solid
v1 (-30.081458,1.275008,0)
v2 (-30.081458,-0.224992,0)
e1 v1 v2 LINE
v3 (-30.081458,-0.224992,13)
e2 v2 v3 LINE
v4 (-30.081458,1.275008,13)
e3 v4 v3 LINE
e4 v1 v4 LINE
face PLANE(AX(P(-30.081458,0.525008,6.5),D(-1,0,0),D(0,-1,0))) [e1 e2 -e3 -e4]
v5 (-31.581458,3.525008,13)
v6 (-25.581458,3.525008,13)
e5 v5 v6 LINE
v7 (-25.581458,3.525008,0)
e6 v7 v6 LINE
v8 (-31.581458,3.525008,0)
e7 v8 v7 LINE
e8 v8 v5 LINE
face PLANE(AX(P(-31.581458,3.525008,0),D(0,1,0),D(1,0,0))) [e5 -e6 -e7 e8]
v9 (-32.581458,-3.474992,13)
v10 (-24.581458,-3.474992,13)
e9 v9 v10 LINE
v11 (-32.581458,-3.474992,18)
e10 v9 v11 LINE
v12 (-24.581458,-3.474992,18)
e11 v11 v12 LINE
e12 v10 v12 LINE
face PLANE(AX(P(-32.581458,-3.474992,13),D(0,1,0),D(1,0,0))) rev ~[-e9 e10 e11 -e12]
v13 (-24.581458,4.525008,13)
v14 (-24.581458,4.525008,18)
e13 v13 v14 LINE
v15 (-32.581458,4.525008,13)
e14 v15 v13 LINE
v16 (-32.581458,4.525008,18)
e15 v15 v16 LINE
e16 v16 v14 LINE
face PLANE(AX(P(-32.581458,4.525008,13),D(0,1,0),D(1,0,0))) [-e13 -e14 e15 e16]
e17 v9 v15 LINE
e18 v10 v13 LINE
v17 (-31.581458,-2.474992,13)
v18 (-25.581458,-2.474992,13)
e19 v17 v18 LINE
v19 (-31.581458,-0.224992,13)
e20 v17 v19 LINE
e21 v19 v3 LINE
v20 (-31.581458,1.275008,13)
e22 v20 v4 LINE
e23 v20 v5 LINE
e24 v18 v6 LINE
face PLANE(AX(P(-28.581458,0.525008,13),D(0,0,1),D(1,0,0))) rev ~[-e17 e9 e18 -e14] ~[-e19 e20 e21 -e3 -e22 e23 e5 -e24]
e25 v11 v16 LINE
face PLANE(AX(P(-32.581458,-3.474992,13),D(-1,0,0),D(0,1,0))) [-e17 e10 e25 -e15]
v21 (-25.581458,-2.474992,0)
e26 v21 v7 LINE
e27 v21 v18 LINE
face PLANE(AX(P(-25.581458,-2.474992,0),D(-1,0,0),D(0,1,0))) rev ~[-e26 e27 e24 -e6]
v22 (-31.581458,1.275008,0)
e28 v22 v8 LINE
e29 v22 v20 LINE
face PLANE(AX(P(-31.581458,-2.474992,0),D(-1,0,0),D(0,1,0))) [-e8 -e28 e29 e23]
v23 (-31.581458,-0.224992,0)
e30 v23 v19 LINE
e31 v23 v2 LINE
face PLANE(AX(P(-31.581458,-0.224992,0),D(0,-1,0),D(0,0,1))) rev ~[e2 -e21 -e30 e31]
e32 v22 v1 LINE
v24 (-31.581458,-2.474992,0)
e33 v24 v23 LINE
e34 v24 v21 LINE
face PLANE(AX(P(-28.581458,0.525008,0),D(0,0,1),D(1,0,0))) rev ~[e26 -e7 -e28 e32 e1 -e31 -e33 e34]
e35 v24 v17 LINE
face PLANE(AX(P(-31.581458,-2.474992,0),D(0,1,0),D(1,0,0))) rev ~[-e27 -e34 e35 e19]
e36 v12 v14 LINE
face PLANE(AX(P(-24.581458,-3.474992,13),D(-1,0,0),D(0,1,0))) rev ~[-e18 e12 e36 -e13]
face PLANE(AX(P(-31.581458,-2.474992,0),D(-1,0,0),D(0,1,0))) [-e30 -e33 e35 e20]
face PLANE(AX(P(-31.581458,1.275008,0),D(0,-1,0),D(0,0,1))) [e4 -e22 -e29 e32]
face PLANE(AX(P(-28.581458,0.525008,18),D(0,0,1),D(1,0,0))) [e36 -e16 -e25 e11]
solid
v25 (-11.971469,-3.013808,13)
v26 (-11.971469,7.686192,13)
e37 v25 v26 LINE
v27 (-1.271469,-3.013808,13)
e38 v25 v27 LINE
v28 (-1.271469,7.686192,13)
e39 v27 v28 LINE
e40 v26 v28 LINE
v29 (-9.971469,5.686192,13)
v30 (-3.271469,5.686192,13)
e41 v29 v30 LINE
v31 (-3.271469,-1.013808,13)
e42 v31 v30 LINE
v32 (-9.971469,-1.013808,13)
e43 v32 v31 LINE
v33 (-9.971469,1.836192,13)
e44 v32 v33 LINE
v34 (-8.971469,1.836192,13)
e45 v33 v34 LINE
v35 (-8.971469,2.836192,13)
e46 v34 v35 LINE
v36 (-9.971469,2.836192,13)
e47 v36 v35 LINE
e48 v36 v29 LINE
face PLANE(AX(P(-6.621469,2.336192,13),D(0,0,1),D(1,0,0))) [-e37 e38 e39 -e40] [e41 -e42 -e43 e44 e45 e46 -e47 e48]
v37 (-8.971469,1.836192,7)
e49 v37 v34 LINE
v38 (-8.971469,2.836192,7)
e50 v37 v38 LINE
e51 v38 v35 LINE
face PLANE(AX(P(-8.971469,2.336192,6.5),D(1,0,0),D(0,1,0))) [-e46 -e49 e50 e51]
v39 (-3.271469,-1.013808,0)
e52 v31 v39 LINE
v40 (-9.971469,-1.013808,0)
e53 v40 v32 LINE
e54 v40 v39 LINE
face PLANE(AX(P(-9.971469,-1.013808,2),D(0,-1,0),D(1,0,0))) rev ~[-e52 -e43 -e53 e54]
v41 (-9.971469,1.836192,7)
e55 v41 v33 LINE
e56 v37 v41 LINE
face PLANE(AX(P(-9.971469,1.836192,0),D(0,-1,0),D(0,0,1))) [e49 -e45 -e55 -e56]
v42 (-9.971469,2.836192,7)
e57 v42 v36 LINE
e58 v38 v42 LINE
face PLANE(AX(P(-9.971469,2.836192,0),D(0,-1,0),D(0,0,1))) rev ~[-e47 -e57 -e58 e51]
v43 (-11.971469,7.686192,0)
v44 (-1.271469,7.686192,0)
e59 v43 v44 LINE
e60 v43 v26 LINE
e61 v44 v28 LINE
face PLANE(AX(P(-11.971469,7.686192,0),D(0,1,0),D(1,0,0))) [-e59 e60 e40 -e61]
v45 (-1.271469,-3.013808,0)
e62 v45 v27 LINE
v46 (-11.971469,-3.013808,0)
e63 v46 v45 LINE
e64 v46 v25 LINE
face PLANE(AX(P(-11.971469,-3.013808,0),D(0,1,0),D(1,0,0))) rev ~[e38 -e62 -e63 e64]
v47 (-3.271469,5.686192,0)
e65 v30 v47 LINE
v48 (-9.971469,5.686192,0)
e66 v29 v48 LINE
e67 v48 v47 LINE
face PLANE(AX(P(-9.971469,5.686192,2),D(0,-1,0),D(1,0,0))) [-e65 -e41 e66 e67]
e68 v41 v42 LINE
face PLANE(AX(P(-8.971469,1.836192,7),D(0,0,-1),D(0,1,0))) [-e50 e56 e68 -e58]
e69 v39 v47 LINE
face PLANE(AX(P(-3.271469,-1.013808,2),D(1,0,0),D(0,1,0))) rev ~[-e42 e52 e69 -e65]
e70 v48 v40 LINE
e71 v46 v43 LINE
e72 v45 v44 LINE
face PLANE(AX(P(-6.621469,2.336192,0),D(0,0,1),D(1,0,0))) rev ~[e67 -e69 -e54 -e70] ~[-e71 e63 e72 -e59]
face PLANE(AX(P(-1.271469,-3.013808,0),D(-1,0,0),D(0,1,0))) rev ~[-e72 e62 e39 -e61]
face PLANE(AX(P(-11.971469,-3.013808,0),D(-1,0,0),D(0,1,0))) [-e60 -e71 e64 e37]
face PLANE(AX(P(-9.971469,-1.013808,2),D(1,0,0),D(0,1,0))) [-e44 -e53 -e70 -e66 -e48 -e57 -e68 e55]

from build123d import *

# Parameters (mm, degrees)
F0_W      = 10.7
F0_H      = 10.7
F1_DEPTH  = 13
F2_T      = -2
F3_DEPTH  = 25
F4_W      = 6
F4_H      = 6
F5_DEPTH  = 13
F6_W      = 8
F6_H      = 8
F6_W_2    = 6
F6_H_2    = 6
F7_DEPTH  = 5
F8_DEPTH  = 5
F9_W      = 1
F9_H      = 13
F10_DEPTH = 1
F11_W     = 1
F11_H     = 7
F12_DEPTH = 1
F13_W     = 1.5
F13_H     = 13
F14_DEPTH = 1.5


with BuildPart() as f1:
    # F0 (on Top) → F1 (new body)
    with BuildSketch(Plane.XY):
        with Locations((-6.6214689702, 2.3361916789)):
            Rectangle(F0_W, F0_H)
    extrude(amount=F1_DEPTH)

    # F2
    f2_openings = [f1.faces().sort_by_distance(p)[0] for p in [
        (-6.621469, 2.336192, 13),
    ]]
    offset(amount=F2_T, openings=f2_openings)

    # F3 (cut): a face of the model
    f3_faces = [f1.faces().sort_by_distance(p)[0] for p in [
        (-6.6214689702, 2.3361916789, 2),
    ]]
    extrude(f3_faces, amount=-F3_DEPTH, mode=Mode.SUBTRACT)

    # F9 (on face) → F10 (join)
    with BuildSketch(Plane.YZ.offset(-9.9714689702)):
        with Locations((2.3361916789, 6.5)):
            Rectangle(F9_W, F9_H)
    extrude(amount=F10_DEPTH)

    # F11 (on face) → F12 (cut)
    with BuildSketch(Plane.YZ.offset(-8.9714689702)):
        with Locations((2.3361916789, 3.5)):
            Rectangle(F11_W, F11_H)
    extrude(amount=-F12_DEPTH, mode=Mode.SUBTRACT)


with BuildPart() as f5:
    # F4 (on Top) → F5 (new body)
    with BuildSketch(Plane.XY):
        with Locations((-28.5814577192, 0.5250083055)):
            Rectangle(F4_W, F4_H)
    extrude(amount=F5_DEPTH)

    # F6 (on face) → F7 (join)
    with BuildSketch(Plane.XY.offset(13)):
        with Locations((-28.5814577192, 0.5250083055)):
            Rectangle(F6_W, F6_H)
        with Locations((-28.5814577192, 0.5250083055)):
            Rectangle(F6_W_2, F6_H_2, mode=Mode.SUBTRACT)
    extrude(amount=F7_DEPTH)

    # F8 (add): a face of the model
    f8_faces = [f5.faces().sort_by_distance(p)[0] for p in [
        (-28.5814577192, 0.5250083055, 13),
    ]]
    extrude(f8_faces, amount=F8_DEPTH)

    # F13 (on face) → F14 (cut)
    with BuildSketch(Plane(origin=(-31.5814577192, 0, 0), x_dir=(0, -1, 0), z_dir=(-1, 0, 0))):
        with Locations((-0.5250083055, 6.5)):
            Rectangle(F13_W, F13_H)
    extrude(amount=-F14_DEPTH, mode=Mode.SUBTRACT)


solid = Compound([f1.part, f5.part])
